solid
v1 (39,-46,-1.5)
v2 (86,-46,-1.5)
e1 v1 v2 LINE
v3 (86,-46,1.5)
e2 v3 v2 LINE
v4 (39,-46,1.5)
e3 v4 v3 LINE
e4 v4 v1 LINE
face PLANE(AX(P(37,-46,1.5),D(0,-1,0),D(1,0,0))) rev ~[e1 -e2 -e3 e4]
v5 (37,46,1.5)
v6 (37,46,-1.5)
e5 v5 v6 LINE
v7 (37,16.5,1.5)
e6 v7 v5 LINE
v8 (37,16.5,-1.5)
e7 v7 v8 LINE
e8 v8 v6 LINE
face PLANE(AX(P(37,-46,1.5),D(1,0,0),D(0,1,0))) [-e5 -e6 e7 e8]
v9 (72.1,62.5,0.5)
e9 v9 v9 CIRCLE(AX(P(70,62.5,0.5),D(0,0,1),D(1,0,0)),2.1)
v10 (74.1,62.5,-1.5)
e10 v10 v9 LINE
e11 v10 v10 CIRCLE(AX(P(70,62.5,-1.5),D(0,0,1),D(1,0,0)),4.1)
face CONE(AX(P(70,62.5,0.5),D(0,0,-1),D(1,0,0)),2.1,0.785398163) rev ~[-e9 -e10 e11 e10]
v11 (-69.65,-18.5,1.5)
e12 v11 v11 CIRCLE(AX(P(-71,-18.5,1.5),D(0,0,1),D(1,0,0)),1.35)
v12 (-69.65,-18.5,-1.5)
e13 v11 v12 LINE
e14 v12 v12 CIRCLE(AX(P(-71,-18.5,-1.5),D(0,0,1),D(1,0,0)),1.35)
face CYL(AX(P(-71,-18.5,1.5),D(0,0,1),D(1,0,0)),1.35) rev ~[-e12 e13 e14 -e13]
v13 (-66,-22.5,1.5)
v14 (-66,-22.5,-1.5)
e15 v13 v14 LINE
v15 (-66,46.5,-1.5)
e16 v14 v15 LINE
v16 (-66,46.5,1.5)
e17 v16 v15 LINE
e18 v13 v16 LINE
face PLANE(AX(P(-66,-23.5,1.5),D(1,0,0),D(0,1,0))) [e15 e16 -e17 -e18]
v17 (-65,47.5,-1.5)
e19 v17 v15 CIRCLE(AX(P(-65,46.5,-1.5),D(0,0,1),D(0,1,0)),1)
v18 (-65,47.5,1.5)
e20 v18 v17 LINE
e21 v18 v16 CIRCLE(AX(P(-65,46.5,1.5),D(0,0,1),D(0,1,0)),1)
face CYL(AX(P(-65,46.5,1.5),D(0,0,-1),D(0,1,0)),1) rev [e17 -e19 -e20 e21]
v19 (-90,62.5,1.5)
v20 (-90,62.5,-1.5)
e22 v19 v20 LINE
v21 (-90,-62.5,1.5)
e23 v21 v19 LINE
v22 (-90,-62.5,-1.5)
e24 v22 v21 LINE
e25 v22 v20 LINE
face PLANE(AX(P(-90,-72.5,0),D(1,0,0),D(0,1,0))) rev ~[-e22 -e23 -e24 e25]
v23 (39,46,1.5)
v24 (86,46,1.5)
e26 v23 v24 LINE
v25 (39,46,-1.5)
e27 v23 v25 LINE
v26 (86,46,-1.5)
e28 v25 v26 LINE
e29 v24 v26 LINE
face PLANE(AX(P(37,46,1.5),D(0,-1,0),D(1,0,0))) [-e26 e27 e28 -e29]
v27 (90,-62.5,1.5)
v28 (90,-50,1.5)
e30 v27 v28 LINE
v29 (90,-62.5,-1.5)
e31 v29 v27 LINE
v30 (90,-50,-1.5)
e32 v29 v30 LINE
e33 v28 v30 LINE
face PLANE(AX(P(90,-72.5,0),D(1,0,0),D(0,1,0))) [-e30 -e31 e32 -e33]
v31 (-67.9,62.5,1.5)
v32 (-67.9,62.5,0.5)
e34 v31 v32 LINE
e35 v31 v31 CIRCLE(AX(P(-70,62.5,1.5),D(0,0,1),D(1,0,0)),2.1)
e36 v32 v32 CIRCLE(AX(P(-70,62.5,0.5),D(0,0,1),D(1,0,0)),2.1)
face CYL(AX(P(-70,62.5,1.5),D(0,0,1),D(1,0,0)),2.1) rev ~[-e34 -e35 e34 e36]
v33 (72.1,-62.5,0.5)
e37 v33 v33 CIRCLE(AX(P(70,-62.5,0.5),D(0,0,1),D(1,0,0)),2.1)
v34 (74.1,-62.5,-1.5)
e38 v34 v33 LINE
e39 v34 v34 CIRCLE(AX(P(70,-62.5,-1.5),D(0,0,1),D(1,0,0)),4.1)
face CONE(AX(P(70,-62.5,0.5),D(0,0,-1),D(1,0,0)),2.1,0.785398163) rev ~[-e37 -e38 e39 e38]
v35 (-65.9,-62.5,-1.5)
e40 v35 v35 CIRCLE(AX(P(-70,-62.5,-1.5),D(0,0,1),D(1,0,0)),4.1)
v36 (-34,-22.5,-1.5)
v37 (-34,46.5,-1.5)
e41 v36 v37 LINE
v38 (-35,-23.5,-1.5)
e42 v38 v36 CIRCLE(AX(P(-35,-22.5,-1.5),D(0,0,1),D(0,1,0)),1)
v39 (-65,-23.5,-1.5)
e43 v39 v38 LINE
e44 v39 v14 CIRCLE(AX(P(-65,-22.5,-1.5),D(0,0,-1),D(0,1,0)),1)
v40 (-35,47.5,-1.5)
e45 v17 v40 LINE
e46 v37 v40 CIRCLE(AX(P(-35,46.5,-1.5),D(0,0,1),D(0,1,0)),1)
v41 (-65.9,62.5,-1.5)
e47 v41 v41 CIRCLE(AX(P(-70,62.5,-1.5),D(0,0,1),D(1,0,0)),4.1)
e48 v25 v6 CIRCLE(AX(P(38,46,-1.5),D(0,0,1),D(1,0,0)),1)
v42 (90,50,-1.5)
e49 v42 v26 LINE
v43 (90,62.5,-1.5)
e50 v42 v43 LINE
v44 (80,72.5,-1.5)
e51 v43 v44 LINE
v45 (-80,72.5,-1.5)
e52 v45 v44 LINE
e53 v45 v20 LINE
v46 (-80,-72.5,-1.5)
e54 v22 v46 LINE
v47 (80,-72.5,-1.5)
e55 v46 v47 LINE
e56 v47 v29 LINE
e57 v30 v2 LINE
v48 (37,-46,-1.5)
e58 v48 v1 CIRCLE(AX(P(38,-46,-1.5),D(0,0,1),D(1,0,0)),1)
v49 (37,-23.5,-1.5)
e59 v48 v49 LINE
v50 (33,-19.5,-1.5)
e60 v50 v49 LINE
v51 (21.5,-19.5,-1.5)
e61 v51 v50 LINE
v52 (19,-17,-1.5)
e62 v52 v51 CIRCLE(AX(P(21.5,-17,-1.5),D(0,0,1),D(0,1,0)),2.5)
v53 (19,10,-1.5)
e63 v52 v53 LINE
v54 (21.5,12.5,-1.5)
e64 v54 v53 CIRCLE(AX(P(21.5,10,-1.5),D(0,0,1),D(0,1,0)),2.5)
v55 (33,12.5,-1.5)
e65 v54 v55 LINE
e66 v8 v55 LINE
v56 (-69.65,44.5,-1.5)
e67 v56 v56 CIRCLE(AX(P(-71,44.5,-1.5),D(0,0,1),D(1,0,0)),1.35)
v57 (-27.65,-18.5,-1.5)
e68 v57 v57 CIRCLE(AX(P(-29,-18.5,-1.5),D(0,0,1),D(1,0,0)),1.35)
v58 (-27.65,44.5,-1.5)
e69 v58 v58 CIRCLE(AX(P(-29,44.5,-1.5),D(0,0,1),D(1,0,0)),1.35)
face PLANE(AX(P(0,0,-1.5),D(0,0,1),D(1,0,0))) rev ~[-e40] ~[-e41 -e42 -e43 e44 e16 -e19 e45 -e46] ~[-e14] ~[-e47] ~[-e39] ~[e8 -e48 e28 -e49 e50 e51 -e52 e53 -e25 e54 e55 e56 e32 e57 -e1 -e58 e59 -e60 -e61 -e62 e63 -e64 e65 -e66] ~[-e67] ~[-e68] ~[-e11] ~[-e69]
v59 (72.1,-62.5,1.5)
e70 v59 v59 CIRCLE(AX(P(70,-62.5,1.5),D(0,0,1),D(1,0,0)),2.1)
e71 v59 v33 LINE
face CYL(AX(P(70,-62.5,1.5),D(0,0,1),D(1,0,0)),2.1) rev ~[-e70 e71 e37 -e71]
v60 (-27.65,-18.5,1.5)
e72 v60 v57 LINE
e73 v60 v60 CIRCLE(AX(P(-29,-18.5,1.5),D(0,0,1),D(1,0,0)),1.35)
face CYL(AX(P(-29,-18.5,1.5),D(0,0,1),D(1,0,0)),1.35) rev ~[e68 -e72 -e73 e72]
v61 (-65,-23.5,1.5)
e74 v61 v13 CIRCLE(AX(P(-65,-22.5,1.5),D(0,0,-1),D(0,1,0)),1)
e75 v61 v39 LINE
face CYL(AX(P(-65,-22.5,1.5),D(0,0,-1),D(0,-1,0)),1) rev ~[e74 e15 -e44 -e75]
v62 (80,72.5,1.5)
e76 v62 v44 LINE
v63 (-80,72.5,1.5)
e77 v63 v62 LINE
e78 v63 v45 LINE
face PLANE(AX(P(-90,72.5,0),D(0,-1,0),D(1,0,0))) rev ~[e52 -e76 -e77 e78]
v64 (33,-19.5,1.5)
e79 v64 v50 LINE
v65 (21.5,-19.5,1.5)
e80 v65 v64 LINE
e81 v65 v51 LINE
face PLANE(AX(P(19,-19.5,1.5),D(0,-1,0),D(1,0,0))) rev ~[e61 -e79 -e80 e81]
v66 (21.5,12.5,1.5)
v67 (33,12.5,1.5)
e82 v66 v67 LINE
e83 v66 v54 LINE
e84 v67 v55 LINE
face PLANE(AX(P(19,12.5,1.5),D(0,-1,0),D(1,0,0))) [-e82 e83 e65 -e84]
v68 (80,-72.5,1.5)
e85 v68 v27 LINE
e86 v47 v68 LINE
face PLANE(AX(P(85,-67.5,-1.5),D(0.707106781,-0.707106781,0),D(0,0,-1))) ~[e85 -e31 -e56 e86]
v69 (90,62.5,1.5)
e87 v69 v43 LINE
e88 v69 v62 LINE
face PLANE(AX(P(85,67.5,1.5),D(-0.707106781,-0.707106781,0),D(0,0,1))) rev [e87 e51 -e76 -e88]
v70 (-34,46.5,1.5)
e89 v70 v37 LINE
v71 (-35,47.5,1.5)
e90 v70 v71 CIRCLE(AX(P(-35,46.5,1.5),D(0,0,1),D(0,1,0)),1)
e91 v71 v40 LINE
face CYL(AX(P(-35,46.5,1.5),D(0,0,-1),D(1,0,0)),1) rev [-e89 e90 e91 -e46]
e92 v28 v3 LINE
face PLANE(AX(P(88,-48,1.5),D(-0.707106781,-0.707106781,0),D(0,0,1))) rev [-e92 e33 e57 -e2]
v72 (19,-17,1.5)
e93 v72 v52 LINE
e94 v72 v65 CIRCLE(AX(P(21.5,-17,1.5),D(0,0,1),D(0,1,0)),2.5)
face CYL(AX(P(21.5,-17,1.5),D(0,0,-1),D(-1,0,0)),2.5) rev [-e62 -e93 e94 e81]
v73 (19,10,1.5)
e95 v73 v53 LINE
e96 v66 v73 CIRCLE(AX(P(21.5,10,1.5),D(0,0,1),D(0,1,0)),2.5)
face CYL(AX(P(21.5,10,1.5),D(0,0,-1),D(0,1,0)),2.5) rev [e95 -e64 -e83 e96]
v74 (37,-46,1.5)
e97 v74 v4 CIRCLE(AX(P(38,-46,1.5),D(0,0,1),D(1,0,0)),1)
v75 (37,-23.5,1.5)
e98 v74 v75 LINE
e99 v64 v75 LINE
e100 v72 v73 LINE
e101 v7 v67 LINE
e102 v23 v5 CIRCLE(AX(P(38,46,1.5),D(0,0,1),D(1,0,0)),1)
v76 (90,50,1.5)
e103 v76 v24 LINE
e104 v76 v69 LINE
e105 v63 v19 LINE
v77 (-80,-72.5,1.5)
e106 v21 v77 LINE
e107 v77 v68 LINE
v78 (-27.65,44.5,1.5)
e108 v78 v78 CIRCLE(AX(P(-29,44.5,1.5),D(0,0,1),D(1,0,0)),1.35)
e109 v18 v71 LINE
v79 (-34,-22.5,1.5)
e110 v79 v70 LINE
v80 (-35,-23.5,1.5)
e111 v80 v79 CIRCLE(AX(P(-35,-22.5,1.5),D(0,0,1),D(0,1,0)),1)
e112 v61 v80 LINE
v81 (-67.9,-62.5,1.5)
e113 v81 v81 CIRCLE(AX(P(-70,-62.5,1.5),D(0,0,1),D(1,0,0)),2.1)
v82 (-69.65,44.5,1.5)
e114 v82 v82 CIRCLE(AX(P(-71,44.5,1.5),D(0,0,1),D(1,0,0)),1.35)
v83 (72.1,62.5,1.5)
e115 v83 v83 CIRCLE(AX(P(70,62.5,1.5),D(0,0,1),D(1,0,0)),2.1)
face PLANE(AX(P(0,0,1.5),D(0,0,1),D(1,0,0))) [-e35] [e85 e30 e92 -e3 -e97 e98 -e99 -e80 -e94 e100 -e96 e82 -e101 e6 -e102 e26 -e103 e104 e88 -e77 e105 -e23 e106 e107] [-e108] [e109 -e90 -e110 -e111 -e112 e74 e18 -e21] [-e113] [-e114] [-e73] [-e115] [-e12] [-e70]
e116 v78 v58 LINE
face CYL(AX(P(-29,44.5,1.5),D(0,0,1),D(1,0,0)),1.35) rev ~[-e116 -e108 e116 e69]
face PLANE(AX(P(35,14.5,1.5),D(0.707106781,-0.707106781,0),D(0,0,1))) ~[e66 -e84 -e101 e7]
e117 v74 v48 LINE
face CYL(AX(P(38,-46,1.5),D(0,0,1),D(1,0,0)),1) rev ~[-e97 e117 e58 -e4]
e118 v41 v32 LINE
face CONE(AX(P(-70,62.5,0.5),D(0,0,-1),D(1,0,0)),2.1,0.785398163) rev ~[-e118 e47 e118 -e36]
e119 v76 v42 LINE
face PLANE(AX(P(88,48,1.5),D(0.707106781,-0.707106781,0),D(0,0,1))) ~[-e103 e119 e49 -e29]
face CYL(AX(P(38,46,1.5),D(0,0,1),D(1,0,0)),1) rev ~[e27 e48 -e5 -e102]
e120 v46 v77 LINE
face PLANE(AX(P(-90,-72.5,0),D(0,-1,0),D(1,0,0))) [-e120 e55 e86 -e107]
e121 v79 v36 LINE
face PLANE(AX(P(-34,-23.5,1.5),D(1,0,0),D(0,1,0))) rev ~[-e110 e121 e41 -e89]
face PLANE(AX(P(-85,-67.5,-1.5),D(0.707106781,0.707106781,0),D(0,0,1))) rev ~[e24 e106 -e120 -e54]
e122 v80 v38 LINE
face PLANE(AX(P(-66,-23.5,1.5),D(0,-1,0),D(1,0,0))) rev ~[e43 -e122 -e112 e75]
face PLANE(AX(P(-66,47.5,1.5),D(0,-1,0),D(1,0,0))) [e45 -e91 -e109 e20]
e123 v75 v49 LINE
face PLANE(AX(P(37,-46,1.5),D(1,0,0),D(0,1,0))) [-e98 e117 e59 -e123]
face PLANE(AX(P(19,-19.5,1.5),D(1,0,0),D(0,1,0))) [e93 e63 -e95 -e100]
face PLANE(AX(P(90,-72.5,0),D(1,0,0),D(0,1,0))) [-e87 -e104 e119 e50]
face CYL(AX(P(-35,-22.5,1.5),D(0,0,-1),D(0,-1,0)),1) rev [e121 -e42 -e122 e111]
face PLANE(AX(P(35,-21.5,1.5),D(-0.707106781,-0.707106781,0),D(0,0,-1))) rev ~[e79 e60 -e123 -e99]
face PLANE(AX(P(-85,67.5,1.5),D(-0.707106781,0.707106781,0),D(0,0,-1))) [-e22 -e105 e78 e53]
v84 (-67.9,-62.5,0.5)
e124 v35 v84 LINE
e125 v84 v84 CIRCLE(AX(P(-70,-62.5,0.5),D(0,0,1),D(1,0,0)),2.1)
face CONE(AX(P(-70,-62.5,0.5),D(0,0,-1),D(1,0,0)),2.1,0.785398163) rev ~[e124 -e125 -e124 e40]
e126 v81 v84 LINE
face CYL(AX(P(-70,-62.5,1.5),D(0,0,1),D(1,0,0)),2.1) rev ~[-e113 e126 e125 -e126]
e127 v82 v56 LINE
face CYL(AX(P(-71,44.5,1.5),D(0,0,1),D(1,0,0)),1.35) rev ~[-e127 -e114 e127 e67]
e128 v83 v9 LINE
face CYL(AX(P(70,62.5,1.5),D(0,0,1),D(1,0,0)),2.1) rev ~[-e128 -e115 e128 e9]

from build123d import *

# Parameters (mm, degrees)
SKETCH_1_W          = 180
SKETCH_1_H          = 145
EXTRUDE_1_DEPTH     = 1.5
SKETCH_2_R          = 2.1
SKETCH_2_W          = 53
SKETCH_2_H          = 92
CUT_EXTRUDE_1_DEPTH = 116.608174451
SKETCH_4_W          = 18
SKETCH_4_H          = 32
CUT_EXTRUDE_3_DEPTH = 116.608174451
SKETCH_3_R          = 1
CUT_EXTRUDE_2_DEPTH = 116.608174451
FILLET_1_R          = 2.5
CHAMFER_1_SIZE      = 2
CHAMFER_2_SIZE      = 10
CHAMFER_3_SIZE      = 4
SKETCH_5_R          = 1.35
SKETCH_5_W          = 32
SKETCH_5_H          = 71
CUT_EXTRUDE_4_DEPTH = 116.608174451
FILLET_2_R          = 1


with BuildPart() as part:
    # 草图1 → 凸台-拉伸1 (new, symmetric)
    with BuildSketch(Plane.XY):
        Rectangle(SKETCH_1_W, SKETCH_1_H)
    extrude(amount=EXTRUDE_1_DEPTH, both=True)

    # 草图2 → 切除-拉伸1 (cut, through all)
    with BuildSketch(Plane.XY.offset(1.5)):
        with Locations((-70, 62.5)):
            Circle(SKETCH_2_R)
        with Locations((-70, -62.5)):
            Circle(SKETCH_2_R)
        with Locations((70, -62.5)):
            Circle(SKETCH_2_R)
        with Locations((70, 62.5)):
            Circle(SKETCH_2_R)
        with Locations((63.5, 0)):
            Rectangle(SKETCH_2_W, SKETCH_2_H)
    extrude(amount=-CUT_EXTRUDE_1_DEPTH, mode=Mode.SUBTRACT)

    # 草图4 → 切除-拉伸3 (cut, through all)
    with BuildSketch(Plane.XY.offset(1.5)):
        with Locations((28, -3.5)):
            Rectangle(SKETCH_4_W, SKETCH_4_H)
    extrude(amount=-CUT_EXTRUDE_3_DEPTH, mode=Mode.SUBTRACT)

    # 草图3 → 切除-拉伸2 (cut, through all)
    with BuildSketch(Plane.XY.offset(1.5)):
        with Locations((38, 46)):
            Circle(SKETCH_3_R)
        with Locations((38, -46)):
            Circle(SKETCH_3_R)
    extrude(amount=-CUT_EXTRUDE_2_DEPTH, mode=Mode.SUBTRACT)

    # 圆角1
    fillet_1_edges = [part.edges().sort_by_distance(p)[0] for p in [
        (19, -19.5, 0),
        (19, 12.5, 0),
    ]]
    fillet(fillet_1_edges, radius=FILLET_1_R)

    # 倒角1
    chamfer_1_edges = [part.edges().sort_by_distance(p)[0] for p in [
        (67.9, 62.5, -1.5),
        (67.9, -62.5, -1.5),
        (-72.1, -62.5, -1.5),
        (-72.1, 62.5, -1.5),
    ]]
    chamfer(chamfer_1_edges, length=CHAMFER_1_SIZE)

    # 倒角2
    chamfer_2_edges = [part.edges().sort_by_distance(p)[0] for p in [
        (-90, 72.5, 0),
        (90, 72.5, 0),
        (90, -72.5, 0),
        (-90, -72.5, 0),
    ]]
    chamfer(chamfer_2_edges, length=CHAMFER_2_SIZE)

    # 倒角3
    chamfer_3_edges = [part.edges().sort_by_distance(p)[0] for p in [
        (90, 46, 0),
        (90, -46, 0),
        (37, 12.5, 0),
        (37, -19.5, 0),
    ]]
    chamfer(chamfer_3_edges, length=CHAMFER_3_SIZE)

    # 草图5 → 切除-拉伸4 (cut, through all)
    with BuildSketch(Plane.XY.offset(1.5)):
        with Locations((-71, 44.5)):
            Circle(SKETCH_5_R)
        with Locations((-29, 44.5)):
            Circle(SKETCH_5_R)
        with Locations((-71, -18.5)):
            Circle(SKETCH_5_R)
        with Locations((-29, -18.5)):
            Circle(SKETCH_5_R)
        with Locations((-50, 12)):
            Rectangle(SKETCH_5_W, SKETCH_5_H)
    extrude(amount=-CUT_EXTRUDE_4_DEPTH, mode=Mode.SUBTRACT)

    # 圆角2
    fillet_2_edges = [part.edges().sort_by_distance(p)[0] for p in [
        (-66, -23.5, 0),
        (-66, 47.5, 0),
        (-34, 47.5, 0),
        (-34, -23.5, 0),
    ]]
    fillet(fillet_2_edges, radius=FILLET_2_R)


solid = part.part
